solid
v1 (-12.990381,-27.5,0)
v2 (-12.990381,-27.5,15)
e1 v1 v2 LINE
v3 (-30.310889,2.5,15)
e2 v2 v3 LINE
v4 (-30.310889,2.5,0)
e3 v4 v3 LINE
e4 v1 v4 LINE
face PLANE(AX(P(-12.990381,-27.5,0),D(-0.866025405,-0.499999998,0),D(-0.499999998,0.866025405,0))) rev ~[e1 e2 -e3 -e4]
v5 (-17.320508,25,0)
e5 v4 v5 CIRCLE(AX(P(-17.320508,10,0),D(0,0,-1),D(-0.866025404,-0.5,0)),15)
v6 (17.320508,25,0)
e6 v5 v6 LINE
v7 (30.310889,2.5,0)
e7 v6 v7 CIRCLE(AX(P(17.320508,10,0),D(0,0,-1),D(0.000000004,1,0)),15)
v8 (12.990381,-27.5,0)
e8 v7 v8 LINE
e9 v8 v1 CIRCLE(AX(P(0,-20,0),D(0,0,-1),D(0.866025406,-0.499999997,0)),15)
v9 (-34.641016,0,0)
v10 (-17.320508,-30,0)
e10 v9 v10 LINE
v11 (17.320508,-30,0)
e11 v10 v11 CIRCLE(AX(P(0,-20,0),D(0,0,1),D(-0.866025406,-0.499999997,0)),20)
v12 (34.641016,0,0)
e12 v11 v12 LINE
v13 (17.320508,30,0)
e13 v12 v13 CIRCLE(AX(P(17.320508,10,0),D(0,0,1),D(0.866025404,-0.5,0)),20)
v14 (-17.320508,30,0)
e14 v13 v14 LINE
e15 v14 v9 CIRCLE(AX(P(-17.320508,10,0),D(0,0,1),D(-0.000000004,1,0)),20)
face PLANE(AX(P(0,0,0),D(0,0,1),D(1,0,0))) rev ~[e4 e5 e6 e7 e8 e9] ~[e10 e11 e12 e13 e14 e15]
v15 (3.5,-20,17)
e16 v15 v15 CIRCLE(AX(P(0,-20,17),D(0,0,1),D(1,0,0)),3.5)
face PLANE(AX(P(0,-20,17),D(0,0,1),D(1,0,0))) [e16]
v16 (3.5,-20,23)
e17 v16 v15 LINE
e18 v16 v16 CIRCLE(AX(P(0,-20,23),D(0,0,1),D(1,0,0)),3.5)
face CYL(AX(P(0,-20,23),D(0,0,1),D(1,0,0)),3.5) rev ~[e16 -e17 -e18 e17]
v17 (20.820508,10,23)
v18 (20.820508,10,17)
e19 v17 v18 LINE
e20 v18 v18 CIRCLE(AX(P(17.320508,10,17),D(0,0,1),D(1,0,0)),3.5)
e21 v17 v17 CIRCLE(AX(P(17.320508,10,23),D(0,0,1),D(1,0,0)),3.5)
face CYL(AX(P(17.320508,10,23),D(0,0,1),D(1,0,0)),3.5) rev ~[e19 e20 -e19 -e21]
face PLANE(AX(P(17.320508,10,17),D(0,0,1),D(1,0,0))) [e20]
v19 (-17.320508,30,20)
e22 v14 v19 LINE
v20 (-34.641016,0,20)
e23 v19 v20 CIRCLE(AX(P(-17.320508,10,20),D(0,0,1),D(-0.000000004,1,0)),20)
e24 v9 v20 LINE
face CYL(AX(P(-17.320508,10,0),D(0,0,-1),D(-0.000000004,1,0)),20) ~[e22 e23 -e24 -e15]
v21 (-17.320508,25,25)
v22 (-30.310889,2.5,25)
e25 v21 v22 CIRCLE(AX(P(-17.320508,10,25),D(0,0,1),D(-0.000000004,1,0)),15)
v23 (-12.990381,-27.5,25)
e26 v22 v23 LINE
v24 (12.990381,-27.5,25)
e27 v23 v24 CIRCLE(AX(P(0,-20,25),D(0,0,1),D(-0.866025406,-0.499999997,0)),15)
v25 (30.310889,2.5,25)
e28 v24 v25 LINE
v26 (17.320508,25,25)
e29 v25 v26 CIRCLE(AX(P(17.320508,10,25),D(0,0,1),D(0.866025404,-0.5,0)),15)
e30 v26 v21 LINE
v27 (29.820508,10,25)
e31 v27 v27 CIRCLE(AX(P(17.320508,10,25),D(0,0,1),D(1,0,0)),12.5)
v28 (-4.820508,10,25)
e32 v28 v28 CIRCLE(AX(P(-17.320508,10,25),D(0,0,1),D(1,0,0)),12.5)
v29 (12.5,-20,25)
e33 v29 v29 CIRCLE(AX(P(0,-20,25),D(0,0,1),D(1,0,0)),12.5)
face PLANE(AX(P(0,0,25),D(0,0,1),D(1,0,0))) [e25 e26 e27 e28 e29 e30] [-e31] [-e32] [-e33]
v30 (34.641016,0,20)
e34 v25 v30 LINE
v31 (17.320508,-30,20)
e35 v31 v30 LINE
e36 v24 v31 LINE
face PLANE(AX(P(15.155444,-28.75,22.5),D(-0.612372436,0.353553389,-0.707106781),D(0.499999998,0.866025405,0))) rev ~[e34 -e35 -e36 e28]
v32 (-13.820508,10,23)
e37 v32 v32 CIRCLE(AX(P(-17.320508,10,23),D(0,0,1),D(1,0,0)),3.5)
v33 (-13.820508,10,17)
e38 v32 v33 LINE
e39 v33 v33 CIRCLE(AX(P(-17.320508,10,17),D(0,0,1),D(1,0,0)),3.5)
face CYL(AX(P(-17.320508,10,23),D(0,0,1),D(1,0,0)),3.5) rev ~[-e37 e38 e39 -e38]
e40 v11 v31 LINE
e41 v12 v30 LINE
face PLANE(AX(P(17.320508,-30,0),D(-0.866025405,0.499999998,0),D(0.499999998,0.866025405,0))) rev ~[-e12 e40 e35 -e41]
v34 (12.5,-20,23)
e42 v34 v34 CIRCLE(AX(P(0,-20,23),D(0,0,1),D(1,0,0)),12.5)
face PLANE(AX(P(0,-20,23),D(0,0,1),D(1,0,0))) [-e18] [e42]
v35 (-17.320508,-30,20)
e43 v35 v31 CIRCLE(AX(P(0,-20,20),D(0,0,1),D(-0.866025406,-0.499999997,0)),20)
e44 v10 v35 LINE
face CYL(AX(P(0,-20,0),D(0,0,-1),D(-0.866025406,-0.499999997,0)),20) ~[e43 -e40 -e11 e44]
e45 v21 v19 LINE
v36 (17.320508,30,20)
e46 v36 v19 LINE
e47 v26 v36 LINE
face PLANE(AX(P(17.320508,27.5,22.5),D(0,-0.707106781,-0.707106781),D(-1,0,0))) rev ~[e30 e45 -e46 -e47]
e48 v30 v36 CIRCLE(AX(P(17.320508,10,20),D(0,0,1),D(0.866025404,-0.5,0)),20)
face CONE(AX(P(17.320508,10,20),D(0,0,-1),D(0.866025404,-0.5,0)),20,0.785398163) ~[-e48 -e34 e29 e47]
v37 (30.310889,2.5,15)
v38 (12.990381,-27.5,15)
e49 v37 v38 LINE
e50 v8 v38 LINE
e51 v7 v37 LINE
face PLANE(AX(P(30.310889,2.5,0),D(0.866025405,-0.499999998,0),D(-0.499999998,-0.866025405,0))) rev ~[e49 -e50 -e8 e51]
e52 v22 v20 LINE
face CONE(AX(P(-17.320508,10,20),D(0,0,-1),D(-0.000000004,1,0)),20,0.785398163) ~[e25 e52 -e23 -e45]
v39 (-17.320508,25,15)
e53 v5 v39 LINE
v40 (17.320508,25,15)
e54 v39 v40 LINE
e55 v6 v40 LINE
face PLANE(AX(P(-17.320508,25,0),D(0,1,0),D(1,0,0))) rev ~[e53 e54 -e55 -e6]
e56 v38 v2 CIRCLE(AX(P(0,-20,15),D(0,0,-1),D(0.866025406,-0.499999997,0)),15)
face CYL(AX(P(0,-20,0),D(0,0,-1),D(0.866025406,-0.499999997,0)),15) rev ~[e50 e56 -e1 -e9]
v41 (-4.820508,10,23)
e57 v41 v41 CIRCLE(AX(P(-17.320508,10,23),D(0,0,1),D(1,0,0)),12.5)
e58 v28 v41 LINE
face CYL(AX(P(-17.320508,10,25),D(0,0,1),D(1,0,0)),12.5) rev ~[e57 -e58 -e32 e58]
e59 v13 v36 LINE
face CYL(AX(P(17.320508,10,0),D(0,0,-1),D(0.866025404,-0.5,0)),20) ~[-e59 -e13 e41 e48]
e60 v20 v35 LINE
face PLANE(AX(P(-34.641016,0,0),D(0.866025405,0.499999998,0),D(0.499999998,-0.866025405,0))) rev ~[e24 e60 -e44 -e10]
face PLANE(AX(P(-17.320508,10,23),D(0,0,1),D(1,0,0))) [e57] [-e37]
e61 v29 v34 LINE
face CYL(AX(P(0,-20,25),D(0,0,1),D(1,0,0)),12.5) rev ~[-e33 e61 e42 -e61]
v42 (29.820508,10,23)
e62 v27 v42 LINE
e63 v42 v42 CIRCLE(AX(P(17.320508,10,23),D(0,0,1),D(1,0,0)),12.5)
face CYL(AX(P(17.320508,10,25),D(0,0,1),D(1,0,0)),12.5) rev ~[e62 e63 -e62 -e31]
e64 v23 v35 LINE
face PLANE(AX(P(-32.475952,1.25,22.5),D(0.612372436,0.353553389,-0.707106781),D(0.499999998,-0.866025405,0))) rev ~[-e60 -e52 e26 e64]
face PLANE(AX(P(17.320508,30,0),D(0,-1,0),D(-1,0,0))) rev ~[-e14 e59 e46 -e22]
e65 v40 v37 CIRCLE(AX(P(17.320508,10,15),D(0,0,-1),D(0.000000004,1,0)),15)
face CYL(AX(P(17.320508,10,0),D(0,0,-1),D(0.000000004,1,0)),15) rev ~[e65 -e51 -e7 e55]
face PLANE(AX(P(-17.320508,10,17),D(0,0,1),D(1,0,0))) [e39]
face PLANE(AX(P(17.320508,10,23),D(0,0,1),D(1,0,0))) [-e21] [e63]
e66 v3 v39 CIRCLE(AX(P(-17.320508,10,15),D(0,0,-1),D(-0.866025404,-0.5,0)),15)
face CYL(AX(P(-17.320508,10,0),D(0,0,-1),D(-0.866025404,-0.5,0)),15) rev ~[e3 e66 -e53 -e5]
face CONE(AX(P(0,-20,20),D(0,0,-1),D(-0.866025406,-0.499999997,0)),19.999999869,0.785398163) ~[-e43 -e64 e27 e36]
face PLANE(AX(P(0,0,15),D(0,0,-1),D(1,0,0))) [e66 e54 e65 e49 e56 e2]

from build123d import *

# Parameters (mm, degrees)
F1_DEPTH = 25
F2_R     = 12.5
F3_DEPTH = 2
F4_R     = 3.5
F5_DEPTH = 6
F6_SIZE  = 5
F8_DEPTH = 15


with BuildPart() as f1:
    # F0 (on Top) → F1 (new body)
    with BuildSketch(Plane.XY):
        with BuildLine():
            Line((17.320508, 30), (-17.320508, 30))
            ThreePointArc((-17.320508, 30), (-34.641016, 20), (-34.641016, 0))
            Line((-34.641016, 0), (-17.320508, -30))
            ThreePointArc((-17.320508, -30), (0, -40), (17.320508, -30))
            Line((17.320508, -30), (34.641016, 0))
            ThreePointArc((34.641016, 0), (34.641016, 20), (17.320508, 30))
        make_face()
    extrude(amount=F1_DEPTH)

    # F2 (on face) → F3 (cut)
    with BuildSketch(Plane.XY.offset(25)):
        with Locations((-17.320508, 10)):
            Circle(F2_R)
        with Locations((0, -20)):
            Circle(F2_R)
        with Locations((17.320508, 10)):
            Circle(F2_R)
    extrude(amount=-F3_DEPTH, mode=Mode.SUBTRACT)

    # F4 (on face) → F5 (cut)
    with BuildSketch(Plane.XY.offset(23)):
        with Locations((-17.320508, 10)):
            Circle(F4_R)
        with Locations((0, -20)):
            Circle(F4_R)
        with Locations((17.320508, 10)):
            Circle(F4_R)
    extrude(amount=-F5_DEPTH, mode=Mode.SUBTRACT)

    # F6
    f6_edges = [f1.edges().sort_by_distance(p)[0] for p in [
        (25.980762, -15, 25),
    ]]
    chamfer(f6_edges, length=F6_SIZE)

    # F7 (on face) → F8 (cut)
    with BuildSketch(Plane(origin=(0, 0, 0), x_dir=(1, 0, 0), z_dir=(0, 0, -1))):
        with BuildLine():
            ThreePointArc((12.990381, 27.5), (0, 35), (-12.990381, 27.5))
            Line((-12.990381, 27.5), (-30.310889, -2.5))
            ThreePointArc((-30.310889, -2.5), (-30.310889, -17.5), (-17.320508, -25))
            Line((-17.320508, -25), (17.320508, -25))
            ThreePointArc((17.320508, -25), (30.310889, -17.5), (30.310889, -2.5))
            Line((30.310889, -2.5), (12.990381, 27.5))
        make_face()
    extrude(amount=-F8_DEPTH, mode=Mode.SUBTRACT)


solid = f1.part
